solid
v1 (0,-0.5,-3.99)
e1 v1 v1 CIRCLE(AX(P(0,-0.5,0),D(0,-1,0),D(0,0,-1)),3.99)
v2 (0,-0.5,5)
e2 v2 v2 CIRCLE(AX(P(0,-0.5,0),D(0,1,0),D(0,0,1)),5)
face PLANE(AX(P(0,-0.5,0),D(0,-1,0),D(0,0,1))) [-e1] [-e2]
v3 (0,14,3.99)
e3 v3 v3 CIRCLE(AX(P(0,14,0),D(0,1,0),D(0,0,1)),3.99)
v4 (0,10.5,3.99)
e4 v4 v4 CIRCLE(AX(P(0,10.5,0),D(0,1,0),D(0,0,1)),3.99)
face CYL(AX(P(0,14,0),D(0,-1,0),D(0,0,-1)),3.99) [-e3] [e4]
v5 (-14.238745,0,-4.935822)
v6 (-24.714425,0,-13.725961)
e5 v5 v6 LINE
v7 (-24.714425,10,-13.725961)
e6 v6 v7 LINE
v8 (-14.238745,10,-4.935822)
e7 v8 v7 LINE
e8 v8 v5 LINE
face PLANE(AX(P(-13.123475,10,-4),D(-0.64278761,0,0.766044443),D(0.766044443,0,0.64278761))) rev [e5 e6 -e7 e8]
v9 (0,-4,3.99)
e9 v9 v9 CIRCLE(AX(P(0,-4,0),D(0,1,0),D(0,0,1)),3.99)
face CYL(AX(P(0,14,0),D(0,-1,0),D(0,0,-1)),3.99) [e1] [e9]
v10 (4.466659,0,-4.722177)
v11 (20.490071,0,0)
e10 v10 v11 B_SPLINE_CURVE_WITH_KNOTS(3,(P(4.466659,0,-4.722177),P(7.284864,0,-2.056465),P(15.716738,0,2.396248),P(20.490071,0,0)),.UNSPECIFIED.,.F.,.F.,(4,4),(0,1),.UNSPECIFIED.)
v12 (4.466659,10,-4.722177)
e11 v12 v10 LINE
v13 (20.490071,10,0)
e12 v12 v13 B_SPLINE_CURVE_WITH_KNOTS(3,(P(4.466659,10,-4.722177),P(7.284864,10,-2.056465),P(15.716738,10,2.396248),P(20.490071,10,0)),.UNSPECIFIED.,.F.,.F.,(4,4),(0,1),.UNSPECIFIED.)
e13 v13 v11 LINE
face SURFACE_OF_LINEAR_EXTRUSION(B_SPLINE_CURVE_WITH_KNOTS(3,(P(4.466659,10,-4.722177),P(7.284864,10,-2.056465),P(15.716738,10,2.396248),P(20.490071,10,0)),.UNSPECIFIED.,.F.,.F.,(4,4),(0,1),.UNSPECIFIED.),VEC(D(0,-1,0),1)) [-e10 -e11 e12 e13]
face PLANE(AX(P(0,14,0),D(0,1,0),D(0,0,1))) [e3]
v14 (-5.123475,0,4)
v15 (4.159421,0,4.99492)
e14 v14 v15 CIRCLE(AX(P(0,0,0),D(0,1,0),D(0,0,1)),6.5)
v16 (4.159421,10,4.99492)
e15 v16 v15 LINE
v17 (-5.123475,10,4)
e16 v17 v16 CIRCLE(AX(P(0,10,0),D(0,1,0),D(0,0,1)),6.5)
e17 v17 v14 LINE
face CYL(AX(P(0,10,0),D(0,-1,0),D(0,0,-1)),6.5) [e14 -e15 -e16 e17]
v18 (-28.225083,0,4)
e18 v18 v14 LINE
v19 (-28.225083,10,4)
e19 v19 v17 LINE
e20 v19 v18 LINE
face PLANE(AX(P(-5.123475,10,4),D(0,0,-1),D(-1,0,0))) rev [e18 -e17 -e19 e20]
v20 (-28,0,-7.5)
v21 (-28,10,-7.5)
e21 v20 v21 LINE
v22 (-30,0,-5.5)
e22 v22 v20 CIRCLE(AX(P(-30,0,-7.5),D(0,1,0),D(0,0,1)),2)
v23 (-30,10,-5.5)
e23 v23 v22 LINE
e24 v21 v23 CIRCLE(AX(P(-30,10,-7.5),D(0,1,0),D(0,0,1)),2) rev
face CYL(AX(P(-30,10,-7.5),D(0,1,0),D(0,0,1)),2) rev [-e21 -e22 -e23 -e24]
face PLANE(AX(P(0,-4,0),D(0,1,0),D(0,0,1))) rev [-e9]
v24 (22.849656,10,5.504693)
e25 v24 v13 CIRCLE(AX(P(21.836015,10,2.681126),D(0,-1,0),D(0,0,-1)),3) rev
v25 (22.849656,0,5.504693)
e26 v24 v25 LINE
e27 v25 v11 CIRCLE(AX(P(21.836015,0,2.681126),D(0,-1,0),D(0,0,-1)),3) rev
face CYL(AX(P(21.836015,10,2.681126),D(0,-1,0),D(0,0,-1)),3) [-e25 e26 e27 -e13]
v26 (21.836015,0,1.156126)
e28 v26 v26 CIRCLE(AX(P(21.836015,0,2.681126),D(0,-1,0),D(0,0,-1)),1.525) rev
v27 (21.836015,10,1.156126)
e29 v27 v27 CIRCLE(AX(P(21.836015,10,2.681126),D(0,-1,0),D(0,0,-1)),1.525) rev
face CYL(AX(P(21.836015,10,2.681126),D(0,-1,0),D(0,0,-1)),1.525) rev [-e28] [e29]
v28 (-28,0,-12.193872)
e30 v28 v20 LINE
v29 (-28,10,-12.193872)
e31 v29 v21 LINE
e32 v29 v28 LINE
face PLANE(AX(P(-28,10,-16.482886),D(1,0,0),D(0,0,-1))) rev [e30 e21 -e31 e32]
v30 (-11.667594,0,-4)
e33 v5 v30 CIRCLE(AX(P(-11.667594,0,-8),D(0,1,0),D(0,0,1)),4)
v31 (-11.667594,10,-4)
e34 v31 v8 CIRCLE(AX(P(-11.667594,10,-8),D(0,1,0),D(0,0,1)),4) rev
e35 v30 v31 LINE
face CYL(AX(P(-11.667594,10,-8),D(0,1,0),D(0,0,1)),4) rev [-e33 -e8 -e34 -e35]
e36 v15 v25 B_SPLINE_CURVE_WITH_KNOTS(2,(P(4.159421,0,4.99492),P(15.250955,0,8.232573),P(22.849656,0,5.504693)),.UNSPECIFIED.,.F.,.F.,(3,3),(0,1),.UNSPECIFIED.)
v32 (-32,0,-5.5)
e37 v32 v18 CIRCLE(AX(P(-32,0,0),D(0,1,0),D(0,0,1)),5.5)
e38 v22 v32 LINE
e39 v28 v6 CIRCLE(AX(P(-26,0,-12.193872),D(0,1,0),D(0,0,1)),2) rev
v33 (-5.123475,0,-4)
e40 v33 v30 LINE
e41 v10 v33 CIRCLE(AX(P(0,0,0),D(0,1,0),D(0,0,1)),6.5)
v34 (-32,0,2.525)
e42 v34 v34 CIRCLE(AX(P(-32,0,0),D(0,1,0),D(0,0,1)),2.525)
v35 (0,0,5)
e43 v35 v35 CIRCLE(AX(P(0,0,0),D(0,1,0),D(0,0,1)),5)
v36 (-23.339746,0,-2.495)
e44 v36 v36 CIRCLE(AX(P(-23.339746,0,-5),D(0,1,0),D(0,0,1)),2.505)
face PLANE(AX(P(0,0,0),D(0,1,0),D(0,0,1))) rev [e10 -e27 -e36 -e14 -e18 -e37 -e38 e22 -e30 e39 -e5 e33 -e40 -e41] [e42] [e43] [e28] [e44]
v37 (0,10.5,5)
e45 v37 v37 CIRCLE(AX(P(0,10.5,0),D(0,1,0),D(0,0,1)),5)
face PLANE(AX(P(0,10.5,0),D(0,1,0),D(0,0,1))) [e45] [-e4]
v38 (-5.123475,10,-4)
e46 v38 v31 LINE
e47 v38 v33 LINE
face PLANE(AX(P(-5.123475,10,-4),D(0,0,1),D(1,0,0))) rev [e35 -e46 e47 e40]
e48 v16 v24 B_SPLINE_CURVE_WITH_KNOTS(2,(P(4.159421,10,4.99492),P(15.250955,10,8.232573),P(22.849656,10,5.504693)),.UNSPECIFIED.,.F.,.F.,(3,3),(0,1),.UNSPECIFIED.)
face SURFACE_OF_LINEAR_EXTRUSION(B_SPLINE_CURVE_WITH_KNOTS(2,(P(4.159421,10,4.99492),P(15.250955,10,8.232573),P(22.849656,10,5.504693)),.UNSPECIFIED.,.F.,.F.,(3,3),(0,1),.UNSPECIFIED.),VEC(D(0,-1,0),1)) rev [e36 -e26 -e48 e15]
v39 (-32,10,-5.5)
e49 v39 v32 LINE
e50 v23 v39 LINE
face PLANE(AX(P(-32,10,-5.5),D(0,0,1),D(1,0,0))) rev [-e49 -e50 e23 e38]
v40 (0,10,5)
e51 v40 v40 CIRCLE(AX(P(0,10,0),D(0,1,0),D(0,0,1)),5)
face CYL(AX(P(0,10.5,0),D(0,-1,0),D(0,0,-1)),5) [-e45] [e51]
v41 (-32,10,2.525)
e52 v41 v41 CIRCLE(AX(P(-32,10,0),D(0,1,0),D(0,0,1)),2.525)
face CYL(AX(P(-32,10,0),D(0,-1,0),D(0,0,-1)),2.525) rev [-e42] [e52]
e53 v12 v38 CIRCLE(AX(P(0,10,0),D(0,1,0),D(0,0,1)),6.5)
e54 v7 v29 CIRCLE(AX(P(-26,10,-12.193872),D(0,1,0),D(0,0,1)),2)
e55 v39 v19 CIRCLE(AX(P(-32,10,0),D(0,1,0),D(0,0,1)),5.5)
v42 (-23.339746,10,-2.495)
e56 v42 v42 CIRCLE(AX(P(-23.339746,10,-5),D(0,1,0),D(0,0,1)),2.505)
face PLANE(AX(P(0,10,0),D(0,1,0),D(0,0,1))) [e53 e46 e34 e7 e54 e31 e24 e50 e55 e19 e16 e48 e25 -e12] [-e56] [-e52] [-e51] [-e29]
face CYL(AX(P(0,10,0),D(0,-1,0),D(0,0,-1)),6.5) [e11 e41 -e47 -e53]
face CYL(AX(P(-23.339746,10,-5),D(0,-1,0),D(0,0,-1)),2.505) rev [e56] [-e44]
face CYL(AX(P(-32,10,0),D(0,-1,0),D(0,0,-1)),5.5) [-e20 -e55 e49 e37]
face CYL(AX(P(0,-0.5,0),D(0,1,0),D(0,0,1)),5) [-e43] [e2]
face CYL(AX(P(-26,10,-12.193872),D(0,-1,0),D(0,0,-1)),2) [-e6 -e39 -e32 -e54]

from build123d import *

# Parameters (mm, degrees)
SKETCH_1_R      = 2.525
SKETCH_1_R_2    = 2.505
EXTRUDE_1_DEPTH = 10
SKETCH_2_R      = 1.525
EXTRUDE_2_DEPTH = 5
SKETCH_5_R      = 3.99
EXTRUDE_4_DEPTH = 9
FILLET_1_R      = 4
FILLET_2_R      = 2
FILLET_3_R      = 2
SKETCH_6_R      = 5
EXTRUDE_5_DEPTH = 0.5


with BuildPart() as part:
    # 草图1 → 凸台-拉伸1 (new body)
    with BuildSketch(Plane(origin=(0, 0, 0), x_dir=(1, 0, 0), z_dir=(0, 1, 0))):
        with BuildLine():
            Line((-5.123475383, -4), (-28.225082782, -4))
            ThreePointArc((-28.225082782, -4), (-37.111262075, -2.031009601), (-32, 5.5))
            Line((-32, 5.5), (-28, 5.5))
            Line((-28, 5.5), (-28, 16.482886319))
            Line((-28, 16.482886319), (-13.123475383, 4))
            Line((-13.123475383, 4), (-5.123475383, 4))
            ThreePointArc((-5.123475383, 4), (6.5, 0), (-5.123475383, -4))
        make_face()
        with Locations(Location((-32, 0, 0), (0, 0, 270))):
            Circle(SKETCH_1_R, mode=Mode.SUBTRACT)
        with Locations(Location((-23.339745962, 5, 0), (0, 0, 270))):
            Circle(SKETCH_1_R_2, mode=Mode.SUBTRACT)
    extrude(amount=EXTRUDE_1_DEPTH)

    # 草图2 → 凸台-拉伸2 (add, symmetric)
    with BuildSketch(Plane(origin=(0, 5, 0), x_dir=(1, 0, 0), z_dir=(0, 1, 0))):
        with BuildLine():
            ThreePointArc((4.159420521, -4.994919512), (6.496753335, -0.205416905), (4.466659496, 4.722176717))
            add(Edge.make_bspline(
                [(4.466659496, 4.722176717), (7.284864094, 2.056465312), (15.716737601, -2.396247552), (20.490071148, 0)],
                knots=[0, 0, 0, 0, 1, 1, 1, 1], degree=3))
            ThreePointArc((20.490071148, 0), (24.593372298, -1.499185377), (22.849655998, -5.50469291))
            add(Edge.make_bspline(
                [(4.159420521, -4.994919512), (15.25095487, -8.232572742), (22.849655998, -5.50469291)],
                knots=[0, 0, 0, 1, 1, 1], degree=2))
        make_face()
        with Locations(Location((21.836015336, -2.681125555, 0), (0, 0, 90))):
            Circle(SKETCH_2_R, mode=Mode.SUBTRACT)
    extrude(amount=EXTRUDE_2_DEPTH, both=True)

    # 草图5 → 凸台-拉伸4 (add, symmetric)
    with BuildSketch(Plane(origin=(0, 5, 0), x_dir=(1, 0, 0), z_dir=(0, 1, 0))):
        with Locations(Location((0, 0, 0), (0, 0, 270))):
            Circle(SKETCH_5_R)
    extrude(amount=EXTRUDE_4_DEPTH, both=True)

    # 圆角1
    fillet_1_edges = [part.edges().sort_by_distance(p)[0] for p in [
        (-13.123475383, 5, -4),
    ]]
    fillet(fillet_1_edges, radius=FILLET_1_R)

    # 圆角2
    fillet_2_edges = [part.edges().sort_by_distance(p)[0] for p in [
        (-28, 5, -16.482886319),
    ]]
    fillet(fillet_2_edges, radius=FILLET_2_R)

    # 圆角3
    fillet_3_edges = [part.edges().sort_by_distance(p)[0] for p in [
        (-28, 5, -5.5),
    ]]
    fillet(fillet_3_edges, radius=FILLET_3_R)

    # 草图6 → 凸台-拉伸5 (add)
    with BuildSketch(Plane(origin=(0, 10, 0), x_dir=(1, 0, 0), z_dir=(0, 1, 0))):
        with Locations(Location((0, 0, 0), (0, 0, 270))):
            Circle(SKETCH_6_R)
    extrude_5 = extrude(amount=EXTRUDE_5_DEPTH)

    # 镜向1: 凸台-拉伸5 across plane
    add(extrude_5.mirror(Plane.ZX.offset(5)))


solid = part.part
